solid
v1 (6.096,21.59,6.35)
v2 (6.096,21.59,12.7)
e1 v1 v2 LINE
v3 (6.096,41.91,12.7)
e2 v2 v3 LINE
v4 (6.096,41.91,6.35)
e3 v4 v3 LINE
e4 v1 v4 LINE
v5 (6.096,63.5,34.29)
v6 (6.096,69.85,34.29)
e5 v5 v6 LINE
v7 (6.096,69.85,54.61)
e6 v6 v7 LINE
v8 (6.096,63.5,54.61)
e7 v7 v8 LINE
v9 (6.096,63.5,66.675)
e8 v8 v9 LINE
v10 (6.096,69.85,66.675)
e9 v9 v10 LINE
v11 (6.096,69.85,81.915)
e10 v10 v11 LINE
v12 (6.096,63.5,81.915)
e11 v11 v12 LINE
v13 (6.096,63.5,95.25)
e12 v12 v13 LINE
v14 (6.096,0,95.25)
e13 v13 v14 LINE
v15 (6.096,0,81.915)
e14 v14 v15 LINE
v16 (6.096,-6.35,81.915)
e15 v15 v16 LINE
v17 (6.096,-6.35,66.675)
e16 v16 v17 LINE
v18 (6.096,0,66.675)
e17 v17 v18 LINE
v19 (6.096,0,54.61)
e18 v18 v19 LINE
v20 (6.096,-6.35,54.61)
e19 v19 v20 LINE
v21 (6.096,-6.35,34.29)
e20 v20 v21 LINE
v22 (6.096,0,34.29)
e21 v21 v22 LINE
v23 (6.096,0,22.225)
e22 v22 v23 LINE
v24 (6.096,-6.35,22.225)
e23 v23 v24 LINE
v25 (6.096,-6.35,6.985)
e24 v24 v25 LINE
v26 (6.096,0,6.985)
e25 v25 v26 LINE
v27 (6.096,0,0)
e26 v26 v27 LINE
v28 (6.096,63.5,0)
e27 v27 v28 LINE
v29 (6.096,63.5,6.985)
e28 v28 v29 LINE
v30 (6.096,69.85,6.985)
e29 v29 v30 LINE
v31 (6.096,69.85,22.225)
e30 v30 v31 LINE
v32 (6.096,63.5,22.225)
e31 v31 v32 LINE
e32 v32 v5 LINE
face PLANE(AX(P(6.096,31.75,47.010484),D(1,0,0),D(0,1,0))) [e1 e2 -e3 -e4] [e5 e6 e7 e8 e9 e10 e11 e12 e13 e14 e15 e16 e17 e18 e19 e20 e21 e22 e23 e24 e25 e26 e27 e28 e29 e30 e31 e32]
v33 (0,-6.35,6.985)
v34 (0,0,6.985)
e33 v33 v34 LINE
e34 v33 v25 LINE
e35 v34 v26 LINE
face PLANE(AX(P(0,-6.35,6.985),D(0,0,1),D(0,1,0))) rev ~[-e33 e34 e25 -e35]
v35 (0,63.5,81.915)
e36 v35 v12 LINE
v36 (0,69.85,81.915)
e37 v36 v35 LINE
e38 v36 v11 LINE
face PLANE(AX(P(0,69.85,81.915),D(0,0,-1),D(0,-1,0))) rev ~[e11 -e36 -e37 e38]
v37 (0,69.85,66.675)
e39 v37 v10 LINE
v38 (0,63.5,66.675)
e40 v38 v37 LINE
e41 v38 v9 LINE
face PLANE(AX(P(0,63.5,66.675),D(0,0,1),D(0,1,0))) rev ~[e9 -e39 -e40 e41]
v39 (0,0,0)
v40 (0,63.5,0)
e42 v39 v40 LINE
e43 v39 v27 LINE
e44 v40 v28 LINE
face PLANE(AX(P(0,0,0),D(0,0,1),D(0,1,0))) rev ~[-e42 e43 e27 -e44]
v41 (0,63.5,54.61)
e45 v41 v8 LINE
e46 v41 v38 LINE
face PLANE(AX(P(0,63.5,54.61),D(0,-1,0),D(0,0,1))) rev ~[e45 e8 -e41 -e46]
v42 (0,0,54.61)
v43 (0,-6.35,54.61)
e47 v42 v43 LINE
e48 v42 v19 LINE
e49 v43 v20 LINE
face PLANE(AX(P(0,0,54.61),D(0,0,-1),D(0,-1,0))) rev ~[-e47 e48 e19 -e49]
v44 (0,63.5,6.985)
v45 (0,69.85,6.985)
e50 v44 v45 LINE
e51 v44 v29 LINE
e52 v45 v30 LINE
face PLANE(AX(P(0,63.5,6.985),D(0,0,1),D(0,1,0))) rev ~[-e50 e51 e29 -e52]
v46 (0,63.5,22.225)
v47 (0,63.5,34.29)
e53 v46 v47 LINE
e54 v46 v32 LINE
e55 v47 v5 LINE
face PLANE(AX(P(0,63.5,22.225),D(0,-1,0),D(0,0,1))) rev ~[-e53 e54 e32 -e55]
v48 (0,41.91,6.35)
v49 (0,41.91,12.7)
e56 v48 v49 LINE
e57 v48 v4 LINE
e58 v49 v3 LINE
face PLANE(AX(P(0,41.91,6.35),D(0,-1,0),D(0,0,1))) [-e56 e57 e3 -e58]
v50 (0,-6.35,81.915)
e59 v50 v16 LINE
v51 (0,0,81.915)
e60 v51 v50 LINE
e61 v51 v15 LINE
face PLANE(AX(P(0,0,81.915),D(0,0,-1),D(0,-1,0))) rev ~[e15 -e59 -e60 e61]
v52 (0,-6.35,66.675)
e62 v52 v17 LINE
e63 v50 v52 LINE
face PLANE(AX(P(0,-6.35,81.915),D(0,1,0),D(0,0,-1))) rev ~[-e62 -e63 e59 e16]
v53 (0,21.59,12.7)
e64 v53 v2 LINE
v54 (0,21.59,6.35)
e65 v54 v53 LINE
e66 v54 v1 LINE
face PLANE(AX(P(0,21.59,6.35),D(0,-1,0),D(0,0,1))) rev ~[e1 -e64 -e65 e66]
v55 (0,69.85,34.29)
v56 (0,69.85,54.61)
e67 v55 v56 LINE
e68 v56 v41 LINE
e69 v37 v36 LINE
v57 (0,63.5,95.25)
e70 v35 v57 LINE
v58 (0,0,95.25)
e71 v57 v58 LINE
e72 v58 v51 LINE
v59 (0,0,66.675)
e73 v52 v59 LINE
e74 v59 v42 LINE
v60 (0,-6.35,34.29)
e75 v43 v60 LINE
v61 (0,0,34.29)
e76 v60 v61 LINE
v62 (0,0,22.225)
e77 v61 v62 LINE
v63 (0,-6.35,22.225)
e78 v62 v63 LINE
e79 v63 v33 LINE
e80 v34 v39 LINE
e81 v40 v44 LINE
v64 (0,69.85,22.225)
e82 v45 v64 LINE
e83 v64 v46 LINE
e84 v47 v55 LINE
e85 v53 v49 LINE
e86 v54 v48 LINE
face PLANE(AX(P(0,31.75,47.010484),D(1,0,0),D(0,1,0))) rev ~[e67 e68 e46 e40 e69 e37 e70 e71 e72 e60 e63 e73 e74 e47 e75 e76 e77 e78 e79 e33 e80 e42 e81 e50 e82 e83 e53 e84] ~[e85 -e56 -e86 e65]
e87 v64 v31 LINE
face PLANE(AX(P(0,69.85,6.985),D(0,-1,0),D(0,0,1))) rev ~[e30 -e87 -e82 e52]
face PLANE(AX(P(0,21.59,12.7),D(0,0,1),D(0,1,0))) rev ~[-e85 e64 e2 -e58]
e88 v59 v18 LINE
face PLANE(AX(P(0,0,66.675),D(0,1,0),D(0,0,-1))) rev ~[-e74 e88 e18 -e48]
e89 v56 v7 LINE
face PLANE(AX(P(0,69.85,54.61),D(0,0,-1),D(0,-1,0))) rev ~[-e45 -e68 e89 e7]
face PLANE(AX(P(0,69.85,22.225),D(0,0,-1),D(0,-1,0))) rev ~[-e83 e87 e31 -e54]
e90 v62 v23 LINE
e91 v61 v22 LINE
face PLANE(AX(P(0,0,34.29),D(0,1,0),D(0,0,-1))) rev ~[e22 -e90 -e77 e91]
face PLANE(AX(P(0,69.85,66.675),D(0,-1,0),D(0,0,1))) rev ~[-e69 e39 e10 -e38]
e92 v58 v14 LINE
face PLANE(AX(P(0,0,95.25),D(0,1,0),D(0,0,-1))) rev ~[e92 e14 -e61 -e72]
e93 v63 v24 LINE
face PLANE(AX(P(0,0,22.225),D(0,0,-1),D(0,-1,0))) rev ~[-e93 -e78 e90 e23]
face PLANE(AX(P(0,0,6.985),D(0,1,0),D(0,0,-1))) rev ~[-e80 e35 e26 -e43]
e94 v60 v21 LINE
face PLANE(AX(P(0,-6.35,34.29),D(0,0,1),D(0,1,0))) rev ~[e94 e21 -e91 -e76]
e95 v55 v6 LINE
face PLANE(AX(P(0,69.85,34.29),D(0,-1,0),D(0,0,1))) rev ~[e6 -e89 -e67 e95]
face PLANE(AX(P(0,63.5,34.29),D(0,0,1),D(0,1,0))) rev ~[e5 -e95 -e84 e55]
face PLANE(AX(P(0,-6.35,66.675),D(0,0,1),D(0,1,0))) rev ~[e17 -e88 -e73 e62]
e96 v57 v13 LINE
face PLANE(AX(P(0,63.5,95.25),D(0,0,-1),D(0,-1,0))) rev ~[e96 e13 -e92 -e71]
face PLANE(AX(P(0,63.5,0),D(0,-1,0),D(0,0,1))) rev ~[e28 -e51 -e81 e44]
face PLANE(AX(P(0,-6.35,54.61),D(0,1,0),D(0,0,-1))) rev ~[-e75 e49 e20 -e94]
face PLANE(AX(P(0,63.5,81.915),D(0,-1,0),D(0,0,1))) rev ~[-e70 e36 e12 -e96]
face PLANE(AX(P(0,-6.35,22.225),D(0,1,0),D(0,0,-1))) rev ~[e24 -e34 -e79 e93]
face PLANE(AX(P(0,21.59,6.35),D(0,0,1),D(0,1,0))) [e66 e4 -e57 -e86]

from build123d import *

# Parameters (mm, degrees)
F0_W     = 20.32
F0_H     = 6.35
F1_DEPTH = 6.096


with BuildPart() as f1:
    # F0 (on Right) → F1 (new body)
    with BuildSketch(Plane.YZ):
        Polygon((0, 6.985), (0, 0), (63.5, 0), (63.5, 6.985), (69.85, 6.985), (69.85, 22.225), (63.5, 22.225), (63.5, 34.29), (69.85, 34.29), (69.85, 44.45), (69.85, 54.61), (63.5, 54.61), (63.5, 66.675), (69.85, 66.675), (69.85, 81.915), (63.5, 81.915), (63.5, 95.25), (0, 95.25), (0, 81.915), (-6.35, 81.915), (-6.35, 66.675), (0, 66.675), (0, 54.61), (-6.35, 54.61), (-6.35, 44.45), (-6.35, 34.29), (0, 34.29), (0, 22.225), (-6.35, 22.225), (-6.35, 6.985), align=None)
        with Locations((31.75, 9.525)):
            Rectangle(F0_W, F0_H, mode=Mode.SUBTRACT)
    extrude(amount=F1_DEPTH)


solid = f1.part
